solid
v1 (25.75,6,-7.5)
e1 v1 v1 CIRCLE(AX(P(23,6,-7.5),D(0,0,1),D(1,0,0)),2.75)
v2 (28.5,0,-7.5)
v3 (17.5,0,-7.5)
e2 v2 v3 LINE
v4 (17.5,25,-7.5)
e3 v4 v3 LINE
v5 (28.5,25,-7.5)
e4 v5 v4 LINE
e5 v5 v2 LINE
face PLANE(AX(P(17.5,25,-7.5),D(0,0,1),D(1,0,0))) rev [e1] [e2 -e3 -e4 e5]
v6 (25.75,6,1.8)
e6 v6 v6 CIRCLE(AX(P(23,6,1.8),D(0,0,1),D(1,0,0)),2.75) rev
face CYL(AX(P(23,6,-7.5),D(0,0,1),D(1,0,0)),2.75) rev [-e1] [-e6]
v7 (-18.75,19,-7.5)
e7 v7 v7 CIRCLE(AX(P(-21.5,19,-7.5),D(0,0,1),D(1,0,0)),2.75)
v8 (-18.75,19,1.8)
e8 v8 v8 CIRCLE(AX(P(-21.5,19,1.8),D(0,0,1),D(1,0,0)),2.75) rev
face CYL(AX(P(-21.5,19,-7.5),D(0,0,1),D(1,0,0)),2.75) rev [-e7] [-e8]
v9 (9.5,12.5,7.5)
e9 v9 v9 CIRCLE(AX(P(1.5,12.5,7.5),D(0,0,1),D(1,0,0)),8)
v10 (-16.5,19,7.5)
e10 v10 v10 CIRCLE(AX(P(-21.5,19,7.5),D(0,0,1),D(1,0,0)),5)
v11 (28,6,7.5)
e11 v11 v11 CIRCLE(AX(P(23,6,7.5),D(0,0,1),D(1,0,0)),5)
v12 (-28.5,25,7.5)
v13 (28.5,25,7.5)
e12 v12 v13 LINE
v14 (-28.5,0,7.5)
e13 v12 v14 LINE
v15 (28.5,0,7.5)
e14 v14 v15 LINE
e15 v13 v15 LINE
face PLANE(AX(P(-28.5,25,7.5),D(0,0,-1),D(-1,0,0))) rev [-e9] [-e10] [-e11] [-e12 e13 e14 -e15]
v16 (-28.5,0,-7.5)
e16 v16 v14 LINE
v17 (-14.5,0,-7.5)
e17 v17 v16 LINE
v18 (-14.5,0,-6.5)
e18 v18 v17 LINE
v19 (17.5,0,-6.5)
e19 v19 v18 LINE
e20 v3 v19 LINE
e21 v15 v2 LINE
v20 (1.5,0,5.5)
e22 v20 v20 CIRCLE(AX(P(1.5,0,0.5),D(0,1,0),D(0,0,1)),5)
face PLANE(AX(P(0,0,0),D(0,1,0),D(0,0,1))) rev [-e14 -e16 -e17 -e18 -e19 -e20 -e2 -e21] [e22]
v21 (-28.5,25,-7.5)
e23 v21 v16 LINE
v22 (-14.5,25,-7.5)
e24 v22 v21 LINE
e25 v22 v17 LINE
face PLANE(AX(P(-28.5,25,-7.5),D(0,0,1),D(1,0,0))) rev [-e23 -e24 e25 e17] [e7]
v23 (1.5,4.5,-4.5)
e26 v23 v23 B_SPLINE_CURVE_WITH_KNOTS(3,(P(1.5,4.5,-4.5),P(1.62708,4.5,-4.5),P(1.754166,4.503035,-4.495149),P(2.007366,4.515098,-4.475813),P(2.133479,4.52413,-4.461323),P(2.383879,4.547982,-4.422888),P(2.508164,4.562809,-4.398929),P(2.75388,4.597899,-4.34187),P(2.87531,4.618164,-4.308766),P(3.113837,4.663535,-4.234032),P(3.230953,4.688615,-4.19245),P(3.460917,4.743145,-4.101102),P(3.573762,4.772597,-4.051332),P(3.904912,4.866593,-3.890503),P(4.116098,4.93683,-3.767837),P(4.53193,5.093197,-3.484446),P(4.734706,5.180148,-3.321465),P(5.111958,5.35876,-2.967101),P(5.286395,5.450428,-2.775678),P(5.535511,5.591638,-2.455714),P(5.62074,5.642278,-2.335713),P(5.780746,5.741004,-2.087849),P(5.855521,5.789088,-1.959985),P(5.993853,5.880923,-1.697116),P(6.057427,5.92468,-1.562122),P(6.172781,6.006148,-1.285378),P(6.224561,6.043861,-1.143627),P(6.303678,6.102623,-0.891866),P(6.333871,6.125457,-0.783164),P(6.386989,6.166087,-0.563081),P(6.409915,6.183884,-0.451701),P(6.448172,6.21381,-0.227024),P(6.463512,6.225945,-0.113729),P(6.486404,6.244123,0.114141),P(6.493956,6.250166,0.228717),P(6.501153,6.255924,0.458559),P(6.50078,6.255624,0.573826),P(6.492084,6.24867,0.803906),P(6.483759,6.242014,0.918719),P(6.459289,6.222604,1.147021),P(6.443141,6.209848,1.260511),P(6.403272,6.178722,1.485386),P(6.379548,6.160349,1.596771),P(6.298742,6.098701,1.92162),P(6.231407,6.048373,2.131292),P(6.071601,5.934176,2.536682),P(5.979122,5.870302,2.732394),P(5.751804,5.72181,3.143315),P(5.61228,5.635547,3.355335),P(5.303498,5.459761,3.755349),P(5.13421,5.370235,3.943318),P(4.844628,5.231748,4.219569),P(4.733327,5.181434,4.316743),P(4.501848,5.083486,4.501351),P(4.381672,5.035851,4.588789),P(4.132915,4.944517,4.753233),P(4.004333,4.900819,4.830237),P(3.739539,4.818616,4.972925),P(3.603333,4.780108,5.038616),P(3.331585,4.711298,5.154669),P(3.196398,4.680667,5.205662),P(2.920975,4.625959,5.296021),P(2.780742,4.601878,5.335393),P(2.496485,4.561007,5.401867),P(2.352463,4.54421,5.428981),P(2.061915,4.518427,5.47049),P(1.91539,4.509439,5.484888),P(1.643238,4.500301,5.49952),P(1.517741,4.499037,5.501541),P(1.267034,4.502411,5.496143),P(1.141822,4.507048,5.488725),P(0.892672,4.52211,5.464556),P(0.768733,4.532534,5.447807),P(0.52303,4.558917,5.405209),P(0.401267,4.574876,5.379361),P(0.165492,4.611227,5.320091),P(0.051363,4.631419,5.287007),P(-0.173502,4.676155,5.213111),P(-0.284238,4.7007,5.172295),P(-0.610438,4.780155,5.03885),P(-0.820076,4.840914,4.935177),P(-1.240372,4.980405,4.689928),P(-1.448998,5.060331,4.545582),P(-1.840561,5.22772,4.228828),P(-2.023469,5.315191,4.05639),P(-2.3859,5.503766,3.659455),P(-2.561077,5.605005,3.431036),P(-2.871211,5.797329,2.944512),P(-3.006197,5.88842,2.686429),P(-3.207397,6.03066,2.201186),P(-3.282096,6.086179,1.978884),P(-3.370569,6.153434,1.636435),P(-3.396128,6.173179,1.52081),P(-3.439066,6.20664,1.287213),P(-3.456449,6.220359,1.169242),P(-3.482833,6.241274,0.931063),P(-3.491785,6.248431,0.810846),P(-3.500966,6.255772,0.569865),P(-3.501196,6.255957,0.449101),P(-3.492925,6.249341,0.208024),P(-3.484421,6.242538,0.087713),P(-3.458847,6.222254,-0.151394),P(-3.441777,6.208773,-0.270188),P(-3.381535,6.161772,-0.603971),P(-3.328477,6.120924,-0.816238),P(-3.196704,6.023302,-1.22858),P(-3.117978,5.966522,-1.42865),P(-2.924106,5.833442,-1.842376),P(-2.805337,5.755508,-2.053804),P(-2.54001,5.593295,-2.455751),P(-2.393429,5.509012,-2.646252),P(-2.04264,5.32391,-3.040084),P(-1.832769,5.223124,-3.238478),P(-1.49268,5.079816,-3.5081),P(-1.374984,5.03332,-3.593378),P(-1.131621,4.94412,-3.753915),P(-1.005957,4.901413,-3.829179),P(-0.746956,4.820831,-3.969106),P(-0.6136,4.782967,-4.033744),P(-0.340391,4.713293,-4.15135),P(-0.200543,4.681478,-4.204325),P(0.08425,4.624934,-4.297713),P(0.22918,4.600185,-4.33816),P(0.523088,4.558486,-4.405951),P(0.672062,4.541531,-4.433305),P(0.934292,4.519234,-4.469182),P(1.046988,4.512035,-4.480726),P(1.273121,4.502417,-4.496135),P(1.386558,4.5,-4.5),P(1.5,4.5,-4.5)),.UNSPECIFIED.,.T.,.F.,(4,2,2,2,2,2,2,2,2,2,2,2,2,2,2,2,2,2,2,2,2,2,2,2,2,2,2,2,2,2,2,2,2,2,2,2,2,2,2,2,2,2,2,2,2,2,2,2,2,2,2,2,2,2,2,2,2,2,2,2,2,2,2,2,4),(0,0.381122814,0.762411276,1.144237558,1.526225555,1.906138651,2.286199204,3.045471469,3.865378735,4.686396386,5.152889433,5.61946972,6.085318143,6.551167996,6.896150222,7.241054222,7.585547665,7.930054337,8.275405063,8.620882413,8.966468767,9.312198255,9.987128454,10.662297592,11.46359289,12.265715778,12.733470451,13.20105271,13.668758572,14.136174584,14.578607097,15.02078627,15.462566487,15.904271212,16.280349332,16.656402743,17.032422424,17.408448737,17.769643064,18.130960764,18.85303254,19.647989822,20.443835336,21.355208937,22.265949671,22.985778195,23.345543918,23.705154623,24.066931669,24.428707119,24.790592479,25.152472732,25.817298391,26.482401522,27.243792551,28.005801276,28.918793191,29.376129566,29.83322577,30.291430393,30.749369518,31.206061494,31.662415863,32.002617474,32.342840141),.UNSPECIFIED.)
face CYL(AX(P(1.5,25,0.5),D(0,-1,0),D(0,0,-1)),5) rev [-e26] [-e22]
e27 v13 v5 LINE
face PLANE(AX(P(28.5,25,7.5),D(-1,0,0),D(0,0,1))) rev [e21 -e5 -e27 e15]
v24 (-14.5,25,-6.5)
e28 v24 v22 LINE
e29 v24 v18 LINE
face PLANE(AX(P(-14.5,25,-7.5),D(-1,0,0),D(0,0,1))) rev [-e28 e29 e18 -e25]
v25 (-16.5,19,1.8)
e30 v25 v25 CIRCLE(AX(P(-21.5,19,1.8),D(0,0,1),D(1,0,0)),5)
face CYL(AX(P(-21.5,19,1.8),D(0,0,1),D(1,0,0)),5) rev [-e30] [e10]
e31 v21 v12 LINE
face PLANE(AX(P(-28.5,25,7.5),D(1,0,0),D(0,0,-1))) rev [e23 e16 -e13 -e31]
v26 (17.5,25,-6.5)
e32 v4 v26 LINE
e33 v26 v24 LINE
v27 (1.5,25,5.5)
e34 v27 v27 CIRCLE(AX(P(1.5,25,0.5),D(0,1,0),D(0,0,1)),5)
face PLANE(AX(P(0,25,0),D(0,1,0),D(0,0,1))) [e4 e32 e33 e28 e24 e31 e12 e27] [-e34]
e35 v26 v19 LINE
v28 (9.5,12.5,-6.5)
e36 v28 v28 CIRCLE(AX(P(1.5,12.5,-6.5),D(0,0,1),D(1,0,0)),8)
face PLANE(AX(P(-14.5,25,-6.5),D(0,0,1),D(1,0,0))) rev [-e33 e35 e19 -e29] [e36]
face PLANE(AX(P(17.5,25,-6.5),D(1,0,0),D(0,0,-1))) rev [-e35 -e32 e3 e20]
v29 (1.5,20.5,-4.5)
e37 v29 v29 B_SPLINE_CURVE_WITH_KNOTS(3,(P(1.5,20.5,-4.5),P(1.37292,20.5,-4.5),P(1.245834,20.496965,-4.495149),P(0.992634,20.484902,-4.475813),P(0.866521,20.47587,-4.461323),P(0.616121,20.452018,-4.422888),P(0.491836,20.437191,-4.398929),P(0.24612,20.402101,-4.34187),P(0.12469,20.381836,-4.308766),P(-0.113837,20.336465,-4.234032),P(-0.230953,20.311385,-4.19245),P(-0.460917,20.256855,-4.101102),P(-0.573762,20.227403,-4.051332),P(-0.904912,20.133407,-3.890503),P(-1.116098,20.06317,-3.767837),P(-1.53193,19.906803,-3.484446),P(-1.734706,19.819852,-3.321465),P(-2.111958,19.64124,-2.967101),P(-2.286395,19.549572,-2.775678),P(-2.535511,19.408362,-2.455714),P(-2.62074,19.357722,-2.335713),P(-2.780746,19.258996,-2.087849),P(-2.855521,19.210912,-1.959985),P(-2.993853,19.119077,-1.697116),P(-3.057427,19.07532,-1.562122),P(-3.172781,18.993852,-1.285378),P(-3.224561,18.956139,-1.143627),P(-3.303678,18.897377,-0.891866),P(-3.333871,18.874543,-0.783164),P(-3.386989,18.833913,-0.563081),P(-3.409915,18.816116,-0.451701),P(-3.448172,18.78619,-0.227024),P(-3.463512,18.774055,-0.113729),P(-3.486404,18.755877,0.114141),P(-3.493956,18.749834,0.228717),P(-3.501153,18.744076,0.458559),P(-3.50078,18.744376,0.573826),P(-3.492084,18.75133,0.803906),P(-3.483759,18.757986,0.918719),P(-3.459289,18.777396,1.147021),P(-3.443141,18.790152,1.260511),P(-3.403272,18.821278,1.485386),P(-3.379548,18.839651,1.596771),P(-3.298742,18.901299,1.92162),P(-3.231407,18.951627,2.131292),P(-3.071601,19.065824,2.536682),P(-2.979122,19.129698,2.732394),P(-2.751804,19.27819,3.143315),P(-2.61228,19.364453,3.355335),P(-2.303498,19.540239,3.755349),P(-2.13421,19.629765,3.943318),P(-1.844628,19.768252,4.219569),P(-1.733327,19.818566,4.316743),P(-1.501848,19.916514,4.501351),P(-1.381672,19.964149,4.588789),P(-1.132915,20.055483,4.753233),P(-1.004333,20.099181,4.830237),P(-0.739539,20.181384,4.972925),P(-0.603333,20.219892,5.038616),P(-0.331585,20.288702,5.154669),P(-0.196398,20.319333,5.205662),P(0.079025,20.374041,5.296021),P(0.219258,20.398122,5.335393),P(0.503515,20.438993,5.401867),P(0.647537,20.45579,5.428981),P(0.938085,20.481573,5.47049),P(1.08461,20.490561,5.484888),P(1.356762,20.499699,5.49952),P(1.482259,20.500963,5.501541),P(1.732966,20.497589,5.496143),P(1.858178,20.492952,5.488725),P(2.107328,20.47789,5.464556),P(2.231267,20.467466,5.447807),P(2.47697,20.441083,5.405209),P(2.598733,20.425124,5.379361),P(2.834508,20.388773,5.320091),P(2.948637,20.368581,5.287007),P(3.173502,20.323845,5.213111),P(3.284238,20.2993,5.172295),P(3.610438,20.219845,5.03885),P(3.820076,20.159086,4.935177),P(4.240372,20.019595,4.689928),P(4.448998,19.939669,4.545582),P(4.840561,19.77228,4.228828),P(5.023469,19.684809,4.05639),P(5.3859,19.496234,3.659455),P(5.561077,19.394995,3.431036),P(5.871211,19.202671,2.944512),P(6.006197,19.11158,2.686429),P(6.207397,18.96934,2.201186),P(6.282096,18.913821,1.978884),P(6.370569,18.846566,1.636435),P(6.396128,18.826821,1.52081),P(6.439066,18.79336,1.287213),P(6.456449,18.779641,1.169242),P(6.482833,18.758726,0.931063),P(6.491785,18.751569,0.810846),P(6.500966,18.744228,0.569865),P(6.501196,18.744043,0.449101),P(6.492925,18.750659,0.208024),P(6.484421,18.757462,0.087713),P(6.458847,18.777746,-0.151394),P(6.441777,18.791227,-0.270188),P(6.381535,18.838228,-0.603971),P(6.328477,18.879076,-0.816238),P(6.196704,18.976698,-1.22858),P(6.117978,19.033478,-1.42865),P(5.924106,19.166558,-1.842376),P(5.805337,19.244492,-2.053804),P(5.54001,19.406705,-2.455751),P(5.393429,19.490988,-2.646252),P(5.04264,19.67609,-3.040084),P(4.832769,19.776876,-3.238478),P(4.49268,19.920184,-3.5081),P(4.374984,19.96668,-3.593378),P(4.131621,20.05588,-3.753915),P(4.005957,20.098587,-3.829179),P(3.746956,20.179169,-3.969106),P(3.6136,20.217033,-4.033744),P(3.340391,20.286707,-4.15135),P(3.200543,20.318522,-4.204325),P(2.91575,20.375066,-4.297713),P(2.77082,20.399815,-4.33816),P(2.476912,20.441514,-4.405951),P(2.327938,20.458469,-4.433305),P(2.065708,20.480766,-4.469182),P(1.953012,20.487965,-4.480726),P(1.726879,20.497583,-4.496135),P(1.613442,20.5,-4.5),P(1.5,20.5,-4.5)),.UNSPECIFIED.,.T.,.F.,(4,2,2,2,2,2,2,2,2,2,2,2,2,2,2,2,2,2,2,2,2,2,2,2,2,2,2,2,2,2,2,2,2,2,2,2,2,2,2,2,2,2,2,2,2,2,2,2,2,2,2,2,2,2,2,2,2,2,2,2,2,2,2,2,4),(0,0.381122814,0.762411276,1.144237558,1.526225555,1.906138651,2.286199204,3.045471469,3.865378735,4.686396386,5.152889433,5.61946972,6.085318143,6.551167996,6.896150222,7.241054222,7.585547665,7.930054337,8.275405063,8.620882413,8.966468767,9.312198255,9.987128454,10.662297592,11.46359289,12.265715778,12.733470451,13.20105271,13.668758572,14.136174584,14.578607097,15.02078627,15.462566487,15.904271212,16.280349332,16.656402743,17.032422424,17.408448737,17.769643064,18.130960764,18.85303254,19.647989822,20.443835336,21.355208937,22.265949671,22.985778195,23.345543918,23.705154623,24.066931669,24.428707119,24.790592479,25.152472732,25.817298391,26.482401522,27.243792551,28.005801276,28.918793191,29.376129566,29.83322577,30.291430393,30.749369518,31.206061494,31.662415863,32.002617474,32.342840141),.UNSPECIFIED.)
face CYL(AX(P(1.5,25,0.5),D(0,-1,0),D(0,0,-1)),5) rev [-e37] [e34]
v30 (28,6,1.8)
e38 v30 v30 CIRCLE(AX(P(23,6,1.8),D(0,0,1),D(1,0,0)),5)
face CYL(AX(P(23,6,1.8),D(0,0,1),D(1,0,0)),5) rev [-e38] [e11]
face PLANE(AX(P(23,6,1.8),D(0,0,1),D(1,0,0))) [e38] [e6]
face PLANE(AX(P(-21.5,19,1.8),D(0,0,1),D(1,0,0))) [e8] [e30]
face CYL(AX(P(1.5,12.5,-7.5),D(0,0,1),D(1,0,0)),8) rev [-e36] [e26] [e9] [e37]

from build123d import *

# Parameters (mm, degrees)
SKETCH1_R           = 5
BOSS_EXTRUDE2_DEPTH = 25
SKETCH3_R           = 2.75
SKETCH3_R_2         = 8
CUT_EXTRUDE1_DEPTH  = 16
SKETCH4_R           = 5
CUT_EXTRUDE2_DEPTH  = 5.7


with BuildPart() as part:
    # Sketch1 → Boss-Extrude2 (new body)
    with BuildSketch(Plane(origin=(0, 0, 0), x_dir=(1, 0, 0), z_dir=(0, 1, 0))):
        Polygon((-14.5, 7.5), (-14.5, 6.5), (17.5, 6.5), (17.5, 7.5), (28.5, 7.5), (28.5, -7.5), (-28.5, -7.5), (-28.5, 7.5), align=None)
        with Locations((1.5, -0.5)):
            Circle(SKETCH1_R, mode=Mode.SUBTRACT)
    extrude(amount=BOSS_EXTRUDE2_DEPTH)

    # Sketch3 → Cut-Extrude1 (cut, through all)
    with BuildSketch(Plane.XY.offset(7.5)):
        with Locations((-21.5, 19)):
            Circle(SKETCH3_R)
        with Locations((1.5, 12.5)):
            Circle(SKETCH3_R_2)
        with Locations((23, 6)):
            Circle(SKETCH3_R)
    extrude(amount=-CUT_EXTRUDE1_DEPTH, mode=Mode.SUBTRACT)

    # Sketch4 → Cut-Extrude2 (cut)
    with BuildSketch(Plane.XY.offset(7.5)):
        with Locations((-21.5, 19)):
            Circle(SKETCH4_R)
        with Locations((23, 6)):
            Circle(SKETCH4_R)
    extrude(amount=-CUT_EXTRUDE2_DEPTH, mode=Mode.SUBTRACT)


solid = part.part
